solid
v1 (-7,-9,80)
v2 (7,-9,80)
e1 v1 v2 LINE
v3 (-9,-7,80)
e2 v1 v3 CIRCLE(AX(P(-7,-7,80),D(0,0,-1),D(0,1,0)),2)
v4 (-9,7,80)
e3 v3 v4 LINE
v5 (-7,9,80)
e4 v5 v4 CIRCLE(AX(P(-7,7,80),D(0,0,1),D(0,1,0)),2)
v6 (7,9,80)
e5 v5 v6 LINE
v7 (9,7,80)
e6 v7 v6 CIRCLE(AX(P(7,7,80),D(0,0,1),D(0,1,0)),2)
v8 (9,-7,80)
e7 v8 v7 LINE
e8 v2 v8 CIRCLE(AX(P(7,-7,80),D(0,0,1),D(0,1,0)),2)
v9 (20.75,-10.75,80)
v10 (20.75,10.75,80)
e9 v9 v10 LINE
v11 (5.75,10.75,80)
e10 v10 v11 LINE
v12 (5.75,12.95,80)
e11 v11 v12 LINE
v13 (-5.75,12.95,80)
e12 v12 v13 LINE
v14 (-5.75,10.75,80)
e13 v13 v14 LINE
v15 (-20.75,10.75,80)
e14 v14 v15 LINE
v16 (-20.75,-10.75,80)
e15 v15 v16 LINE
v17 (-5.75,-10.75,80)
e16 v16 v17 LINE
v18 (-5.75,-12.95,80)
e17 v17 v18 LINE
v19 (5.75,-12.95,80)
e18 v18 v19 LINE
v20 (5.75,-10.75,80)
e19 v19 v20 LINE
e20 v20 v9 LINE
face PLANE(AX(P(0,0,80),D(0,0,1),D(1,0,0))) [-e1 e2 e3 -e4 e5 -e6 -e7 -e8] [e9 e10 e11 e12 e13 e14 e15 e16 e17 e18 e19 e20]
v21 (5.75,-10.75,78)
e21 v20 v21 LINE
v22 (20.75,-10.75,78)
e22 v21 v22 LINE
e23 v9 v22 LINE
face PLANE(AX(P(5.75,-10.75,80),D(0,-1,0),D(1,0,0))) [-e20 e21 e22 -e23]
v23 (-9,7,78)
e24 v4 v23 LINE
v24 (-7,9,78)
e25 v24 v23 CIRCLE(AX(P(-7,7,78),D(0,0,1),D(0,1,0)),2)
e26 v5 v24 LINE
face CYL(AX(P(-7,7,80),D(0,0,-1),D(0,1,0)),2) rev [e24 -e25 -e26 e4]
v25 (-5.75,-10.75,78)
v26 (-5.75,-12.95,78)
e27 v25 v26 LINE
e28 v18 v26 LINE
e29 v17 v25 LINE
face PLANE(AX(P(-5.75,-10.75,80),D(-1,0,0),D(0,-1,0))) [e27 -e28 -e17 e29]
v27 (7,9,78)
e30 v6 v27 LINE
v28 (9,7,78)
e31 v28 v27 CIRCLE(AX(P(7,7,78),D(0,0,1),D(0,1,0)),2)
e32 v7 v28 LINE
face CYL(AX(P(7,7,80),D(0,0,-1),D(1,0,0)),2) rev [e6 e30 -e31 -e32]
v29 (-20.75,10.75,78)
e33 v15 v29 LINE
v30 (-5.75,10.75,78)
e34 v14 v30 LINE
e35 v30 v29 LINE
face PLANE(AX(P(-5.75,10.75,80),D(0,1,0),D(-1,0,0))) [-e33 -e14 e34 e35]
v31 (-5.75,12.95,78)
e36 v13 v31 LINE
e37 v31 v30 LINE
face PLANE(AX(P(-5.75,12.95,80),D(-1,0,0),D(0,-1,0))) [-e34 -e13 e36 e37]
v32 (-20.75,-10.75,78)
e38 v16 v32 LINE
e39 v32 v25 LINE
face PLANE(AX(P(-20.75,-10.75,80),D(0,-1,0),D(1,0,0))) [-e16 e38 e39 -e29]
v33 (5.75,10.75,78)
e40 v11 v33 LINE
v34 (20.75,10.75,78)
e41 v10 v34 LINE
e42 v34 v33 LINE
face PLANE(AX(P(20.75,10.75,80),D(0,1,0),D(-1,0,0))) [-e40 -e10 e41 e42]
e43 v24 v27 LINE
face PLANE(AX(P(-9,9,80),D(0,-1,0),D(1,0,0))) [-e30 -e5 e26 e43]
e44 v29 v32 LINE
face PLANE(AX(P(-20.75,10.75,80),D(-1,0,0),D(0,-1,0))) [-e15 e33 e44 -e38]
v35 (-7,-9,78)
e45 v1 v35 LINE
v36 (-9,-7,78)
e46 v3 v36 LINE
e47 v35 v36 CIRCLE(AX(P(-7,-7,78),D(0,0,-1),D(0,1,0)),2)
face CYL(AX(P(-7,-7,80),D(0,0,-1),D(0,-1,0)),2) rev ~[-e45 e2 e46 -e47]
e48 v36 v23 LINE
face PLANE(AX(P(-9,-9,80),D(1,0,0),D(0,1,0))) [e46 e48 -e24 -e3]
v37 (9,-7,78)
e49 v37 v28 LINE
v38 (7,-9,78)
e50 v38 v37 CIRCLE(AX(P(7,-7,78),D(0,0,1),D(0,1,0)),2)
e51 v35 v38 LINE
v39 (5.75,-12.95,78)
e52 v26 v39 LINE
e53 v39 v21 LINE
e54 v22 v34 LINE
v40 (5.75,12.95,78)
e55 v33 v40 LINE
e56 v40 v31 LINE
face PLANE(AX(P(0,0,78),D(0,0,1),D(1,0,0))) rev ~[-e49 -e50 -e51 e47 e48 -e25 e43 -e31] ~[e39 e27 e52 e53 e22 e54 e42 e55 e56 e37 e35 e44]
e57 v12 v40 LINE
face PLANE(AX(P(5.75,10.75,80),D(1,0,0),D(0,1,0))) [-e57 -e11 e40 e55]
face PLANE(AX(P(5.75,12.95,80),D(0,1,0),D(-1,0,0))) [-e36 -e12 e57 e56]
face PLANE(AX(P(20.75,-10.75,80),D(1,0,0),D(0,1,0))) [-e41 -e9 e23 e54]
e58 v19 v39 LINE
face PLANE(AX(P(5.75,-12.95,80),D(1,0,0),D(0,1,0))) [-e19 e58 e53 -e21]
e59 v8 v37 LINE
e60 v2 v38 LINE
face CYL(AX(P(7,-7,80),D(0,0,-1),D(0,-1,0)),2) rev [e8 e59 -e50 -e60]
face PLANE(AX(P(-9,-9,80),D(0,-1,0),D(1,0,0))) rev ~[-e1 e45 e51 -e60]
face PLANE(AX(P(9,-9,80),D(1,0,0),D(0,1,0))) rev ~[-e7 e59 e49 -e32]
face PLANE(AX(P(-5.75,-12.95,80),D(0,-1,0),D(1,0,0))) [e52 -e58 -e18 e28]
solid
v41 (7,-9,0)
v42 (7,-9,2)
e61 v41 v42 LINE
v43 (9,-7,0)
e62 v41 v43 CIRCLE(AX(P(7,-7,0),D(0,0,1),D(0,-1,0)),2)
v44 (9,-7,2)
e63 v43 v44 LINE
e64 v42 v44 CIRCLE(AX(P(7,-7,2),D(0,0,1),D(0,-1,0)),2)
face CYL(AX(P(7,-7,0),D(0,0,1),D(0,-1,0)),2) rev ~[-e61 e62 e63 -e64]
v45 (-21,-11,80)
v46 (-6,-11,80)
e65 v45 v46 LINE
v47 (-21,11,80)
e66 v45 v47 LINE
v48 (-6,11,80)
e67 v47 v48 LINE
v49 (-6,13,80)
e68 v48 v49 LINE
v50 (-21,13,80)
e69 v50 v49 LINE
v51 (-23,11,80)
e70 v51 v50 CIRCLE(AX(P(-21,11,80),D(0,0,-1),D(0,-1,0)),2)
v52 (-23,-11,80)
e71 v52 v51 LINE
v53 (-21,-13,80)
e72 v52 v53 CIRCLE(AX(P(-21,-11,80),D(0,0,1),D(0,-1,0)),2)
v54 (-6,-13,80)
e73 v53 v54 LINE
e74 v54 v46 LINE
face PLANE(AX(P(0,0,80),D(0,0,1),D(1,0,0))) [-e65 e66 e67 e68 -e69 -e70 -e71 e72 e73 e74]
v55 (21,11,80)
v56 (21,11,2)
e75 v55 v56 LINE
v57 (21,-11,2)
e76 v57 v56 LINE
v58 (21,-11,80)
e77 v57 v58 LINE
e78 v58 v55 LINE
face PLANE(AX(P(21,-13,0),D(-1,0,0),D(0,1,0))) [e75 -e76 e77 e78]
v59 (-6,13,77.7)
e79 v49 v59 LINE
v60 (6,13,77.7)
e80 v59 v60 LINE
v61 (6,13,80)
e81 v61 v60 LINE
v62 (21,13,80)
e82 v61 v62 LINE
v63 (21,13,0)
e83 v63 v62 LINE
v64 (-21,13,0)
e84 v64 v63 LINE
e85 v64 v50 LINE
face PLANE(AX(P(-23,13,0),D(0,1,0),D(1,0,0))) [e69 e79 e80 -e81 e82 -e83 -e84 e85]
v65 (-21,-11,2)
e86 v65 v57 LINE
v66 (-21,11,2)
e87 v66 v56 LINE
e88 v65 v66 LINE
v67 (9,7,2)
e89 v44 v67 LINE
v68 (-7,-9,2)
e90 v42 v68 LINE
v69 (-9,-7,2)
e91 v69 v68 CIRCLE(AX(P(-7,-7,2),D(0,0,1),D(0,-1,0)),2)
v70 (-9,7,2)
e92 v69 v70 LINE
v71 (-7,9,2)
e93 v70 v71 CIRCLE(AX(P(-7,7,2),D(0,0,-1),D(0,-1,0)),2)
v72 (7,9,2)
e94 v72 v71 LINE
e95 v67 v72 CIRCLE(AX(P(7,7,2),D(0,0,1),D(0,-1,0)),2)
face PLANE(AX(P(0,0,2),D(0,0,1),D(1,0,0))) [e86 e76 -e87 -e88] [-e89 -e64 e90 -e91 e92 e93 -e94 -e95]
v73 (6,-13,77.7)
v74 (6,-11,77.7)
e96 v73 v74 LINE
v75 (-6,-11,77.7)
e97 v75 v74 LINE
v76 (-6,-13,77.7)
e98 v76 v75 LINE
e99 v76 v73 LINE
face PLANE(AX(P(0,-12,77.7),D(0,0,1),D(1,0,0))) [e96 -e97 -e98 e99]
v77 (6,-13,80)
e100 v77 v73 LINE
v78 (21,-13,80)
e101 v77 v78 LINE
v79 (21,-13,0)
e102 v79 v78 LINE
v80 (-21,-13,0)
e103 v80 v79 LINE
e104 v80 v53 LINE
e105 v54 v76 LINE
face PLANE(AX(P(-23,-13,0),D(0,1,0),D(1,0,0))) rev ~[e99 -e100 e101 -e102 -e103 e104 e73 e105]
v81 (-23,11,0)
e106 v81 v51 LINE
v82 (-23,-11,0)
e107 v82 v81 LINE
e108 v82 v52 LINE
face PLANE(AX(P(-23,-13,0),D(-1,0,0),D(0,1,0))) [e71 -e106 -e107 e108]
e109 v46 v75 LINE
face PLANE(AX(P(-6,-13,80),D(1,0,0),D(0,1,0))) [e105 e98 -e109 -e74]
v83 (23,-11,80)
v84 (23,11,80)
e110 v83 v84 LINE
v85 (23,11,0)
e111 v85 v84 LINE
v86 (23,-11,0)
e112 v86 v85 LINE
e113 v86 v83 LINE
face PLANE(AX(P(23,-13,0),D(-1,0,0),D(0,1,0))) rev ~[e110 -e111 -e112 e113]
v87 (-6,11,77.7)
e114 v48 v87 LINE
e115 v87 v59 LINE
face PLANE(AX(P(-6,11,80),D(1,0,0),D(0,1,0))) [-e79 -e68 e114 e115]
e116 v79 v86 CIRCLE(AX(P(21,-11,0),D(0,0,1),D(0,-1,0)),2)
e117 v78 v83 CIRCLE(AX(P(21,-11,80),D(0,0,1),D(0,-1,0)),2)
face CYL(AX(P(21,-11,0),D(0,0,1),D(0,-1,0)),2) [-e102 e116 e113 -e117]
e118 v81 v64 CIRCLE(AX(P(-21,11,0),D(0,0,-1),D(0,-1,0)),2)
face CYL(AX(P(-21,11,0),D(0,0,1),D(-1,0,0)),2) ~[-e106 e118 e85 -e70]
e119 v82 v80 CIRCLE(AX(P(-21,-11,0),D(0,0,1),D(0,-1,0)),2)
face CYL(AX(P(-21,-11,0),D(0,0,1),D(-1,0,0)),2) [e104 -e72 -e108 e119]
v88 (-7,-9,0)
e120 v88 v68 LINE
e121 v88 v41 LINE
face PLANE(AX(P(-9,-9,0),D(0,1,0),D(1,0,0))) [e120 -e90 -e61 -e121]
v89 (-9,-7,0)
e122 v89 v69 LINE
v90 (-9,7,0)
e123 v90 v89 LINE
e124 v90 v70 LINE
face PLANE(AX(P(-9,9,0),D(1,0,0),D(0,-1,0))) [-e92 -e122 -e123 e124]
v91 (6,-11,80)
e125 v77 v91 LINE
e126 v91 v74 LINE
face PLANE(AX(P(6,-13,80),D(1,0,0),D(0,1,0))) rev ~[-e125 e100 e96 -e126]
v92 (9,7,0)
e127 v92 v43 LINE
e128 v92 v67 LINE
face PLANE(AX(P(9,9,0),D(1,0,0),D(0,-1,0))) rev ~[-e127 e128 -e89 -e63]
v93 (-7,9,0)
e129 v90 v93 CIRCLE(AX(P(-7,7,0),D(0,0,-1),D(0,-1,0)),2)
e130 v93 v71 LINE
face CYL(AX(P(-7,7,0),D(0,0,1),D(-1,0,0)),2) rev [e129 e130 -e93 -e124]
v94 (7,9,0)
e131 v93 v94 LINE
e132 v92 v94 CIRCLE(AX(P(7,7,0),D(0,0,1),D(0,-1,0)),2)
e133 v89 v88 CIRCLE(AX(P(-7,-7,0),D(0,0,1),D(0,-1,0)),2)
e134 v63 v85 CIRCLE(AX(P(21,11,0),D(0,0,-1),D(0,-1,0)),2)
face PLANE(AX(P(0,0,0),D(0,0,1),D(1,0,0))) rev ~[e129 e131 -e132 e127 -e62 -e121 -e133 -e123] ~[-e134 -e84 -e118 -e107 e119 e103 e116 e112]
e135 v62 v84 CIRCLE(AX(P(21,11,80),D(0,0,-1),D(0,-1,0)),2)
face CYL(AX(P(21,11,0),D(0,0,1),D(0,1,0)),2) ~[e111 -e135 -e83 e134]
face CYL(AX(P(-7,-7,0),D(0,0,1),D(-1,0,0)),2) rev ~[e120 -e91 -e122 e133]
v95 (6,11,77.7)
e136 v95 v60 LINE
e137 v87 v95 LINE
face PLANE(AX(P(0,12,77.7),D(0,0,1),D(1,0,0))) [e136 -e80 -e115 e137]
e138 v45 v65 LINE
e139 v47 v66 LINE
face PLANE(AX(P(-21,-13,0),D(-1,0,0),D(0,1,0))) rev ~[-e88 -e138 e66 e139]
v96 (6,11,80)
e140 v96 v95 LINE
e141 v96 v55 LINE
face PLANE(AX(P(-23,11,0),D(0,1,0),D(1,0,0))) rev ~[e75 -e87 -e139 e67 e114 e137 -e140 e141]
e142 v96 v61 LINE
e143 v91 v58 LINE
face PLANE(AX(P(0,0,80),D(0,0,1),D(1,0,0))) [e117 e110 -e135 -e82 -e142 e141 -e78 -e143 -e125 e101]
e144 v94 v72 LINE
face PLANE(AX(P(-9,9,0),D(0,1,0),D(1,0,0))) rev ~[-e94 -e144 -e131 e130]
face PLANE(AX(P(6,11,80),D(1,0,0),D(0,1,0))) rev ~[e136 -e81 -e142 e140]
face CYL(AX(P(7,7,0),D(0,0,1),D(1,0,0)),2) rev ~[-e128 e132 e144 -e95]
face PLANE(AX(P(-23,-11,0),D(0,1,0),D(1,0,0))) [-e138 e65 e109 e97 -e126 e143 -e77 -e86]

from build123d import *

# Parameters (mm, degrees)
F0_W      = 46
F0_H      = 26
F1_DEPTH  = 80
F2_T      = -2
F3_W      = 12
F3_H      = 2
F4_DEPTH  = 2.3
F7_DEPTH  = 2
F8_R      = 2
F9_R      = 5
F10_DEPTH = 25
F11_W     = 18
F11_H     = 18
F12_DEPTH = 25
F13_R     = 2
F14_W     = 18
F14_H     = 18
F15_DEPTH = 25
F16_R     = 2


with BuildPart() as f1:
    # F0 (on Top) → F1 (new body)
    with BuildSketch(Plane.XY):
        Rectangle(F0_W, F0_H)
    extrude(amount=F1_DEPTH)

    # F2
    f2_openings = [f1.faces().sort_by_distance(p)[0] for p in [
        (0, 0, 80),
    ]]
    offset(amount=F2_T, openings=f2_openings)

    # F3 (on face) → F4 (cut)
    with BuildSketch(Plane.XY.offset(80)):
        with Locations((0, 12)):
            Rectangle(F3_W, F3_H)
        with Locations((0, -12)):
            Rectangle(F3_W, F3_H)
    extrude(amount=-F4_DEPTH, mode=Mode.SUBTRACT)

    # F8
    f8_edges = [f1.edges().sort_by_distance(p)[0] for p in [
        (-23, 13, 40),
        (23, 13, 40),
        (23, -13, 40),
        (-23, -13, 40),
    ]]
    fillet(f8_edges, radius=F8_R)

    # F9 (on face) → F10 (cut)
    with BuildSketch(Plane(origin=(0, 0, 0), x_dir=(1, 0, 0), z_dir=(0, 0, -1))):
        Circle(F9_R)
    extrude(amount=-F10_DEPTH, mode=Mode.SUBTRACT)

    # F14 (on face) → F15 (cut)
    with BuildSketch(Plane(origin=(0, 0, 0), x_dir=(1, 0, 0), z_dir=(0, 0, -1))):
        Rectangle(F14_W, F14_H)
    extrude(amount=-F15_DEPTH, mode=Mode.SUBTRACT)

    # F16
    f16_edges = [f1.edges().sort_by_distance(p)[0] for p in [
        (9, 9, 1),
        (9, -9, 1),
        (-9, -9, 1),
        (-9, 9, 1),
    ]]
    fillet(f16_edges, radius=F16_R)


with BuildPart() as f7:
    # F6 (on offset) → F7 (new body)
    with BuildSketch(Plane.XY.offset(80)):
        Polygon((-5.75, 10.75), (-20.75, 10.75), (-20.75, -10.75), (-5.75, -10.75), (-5.75, -12.95), (5.75, -12.95), (5.75, -10.75), (20.75, -10.75), (20.75, 10.75), (5.75, 10.75), (5.75, 12.95), (-5.75, 12.95), align=None)
    extrude(amount=-F7_DEPTH)

    # F11 (on face) → F12 (cut)
    with BuildSketch(Plane.XY.offset(80)):
        Rectangle(F11_W, F11_H)
    extrude(amount=-F12_DEPTH, mode=Mode.SUBTRACT)

    # F13
    f13_edges = [f7.edges().sort_by_distance(p)[0] for p in [
        (-9, 9, 79),
        (9, 9, 79),
        (-9, -9, 79),
        (9, -9, 79),
    ]]
    fillet(f13_edges, radius=F13_R)


solid = Compound([f1.part, f7.part])
